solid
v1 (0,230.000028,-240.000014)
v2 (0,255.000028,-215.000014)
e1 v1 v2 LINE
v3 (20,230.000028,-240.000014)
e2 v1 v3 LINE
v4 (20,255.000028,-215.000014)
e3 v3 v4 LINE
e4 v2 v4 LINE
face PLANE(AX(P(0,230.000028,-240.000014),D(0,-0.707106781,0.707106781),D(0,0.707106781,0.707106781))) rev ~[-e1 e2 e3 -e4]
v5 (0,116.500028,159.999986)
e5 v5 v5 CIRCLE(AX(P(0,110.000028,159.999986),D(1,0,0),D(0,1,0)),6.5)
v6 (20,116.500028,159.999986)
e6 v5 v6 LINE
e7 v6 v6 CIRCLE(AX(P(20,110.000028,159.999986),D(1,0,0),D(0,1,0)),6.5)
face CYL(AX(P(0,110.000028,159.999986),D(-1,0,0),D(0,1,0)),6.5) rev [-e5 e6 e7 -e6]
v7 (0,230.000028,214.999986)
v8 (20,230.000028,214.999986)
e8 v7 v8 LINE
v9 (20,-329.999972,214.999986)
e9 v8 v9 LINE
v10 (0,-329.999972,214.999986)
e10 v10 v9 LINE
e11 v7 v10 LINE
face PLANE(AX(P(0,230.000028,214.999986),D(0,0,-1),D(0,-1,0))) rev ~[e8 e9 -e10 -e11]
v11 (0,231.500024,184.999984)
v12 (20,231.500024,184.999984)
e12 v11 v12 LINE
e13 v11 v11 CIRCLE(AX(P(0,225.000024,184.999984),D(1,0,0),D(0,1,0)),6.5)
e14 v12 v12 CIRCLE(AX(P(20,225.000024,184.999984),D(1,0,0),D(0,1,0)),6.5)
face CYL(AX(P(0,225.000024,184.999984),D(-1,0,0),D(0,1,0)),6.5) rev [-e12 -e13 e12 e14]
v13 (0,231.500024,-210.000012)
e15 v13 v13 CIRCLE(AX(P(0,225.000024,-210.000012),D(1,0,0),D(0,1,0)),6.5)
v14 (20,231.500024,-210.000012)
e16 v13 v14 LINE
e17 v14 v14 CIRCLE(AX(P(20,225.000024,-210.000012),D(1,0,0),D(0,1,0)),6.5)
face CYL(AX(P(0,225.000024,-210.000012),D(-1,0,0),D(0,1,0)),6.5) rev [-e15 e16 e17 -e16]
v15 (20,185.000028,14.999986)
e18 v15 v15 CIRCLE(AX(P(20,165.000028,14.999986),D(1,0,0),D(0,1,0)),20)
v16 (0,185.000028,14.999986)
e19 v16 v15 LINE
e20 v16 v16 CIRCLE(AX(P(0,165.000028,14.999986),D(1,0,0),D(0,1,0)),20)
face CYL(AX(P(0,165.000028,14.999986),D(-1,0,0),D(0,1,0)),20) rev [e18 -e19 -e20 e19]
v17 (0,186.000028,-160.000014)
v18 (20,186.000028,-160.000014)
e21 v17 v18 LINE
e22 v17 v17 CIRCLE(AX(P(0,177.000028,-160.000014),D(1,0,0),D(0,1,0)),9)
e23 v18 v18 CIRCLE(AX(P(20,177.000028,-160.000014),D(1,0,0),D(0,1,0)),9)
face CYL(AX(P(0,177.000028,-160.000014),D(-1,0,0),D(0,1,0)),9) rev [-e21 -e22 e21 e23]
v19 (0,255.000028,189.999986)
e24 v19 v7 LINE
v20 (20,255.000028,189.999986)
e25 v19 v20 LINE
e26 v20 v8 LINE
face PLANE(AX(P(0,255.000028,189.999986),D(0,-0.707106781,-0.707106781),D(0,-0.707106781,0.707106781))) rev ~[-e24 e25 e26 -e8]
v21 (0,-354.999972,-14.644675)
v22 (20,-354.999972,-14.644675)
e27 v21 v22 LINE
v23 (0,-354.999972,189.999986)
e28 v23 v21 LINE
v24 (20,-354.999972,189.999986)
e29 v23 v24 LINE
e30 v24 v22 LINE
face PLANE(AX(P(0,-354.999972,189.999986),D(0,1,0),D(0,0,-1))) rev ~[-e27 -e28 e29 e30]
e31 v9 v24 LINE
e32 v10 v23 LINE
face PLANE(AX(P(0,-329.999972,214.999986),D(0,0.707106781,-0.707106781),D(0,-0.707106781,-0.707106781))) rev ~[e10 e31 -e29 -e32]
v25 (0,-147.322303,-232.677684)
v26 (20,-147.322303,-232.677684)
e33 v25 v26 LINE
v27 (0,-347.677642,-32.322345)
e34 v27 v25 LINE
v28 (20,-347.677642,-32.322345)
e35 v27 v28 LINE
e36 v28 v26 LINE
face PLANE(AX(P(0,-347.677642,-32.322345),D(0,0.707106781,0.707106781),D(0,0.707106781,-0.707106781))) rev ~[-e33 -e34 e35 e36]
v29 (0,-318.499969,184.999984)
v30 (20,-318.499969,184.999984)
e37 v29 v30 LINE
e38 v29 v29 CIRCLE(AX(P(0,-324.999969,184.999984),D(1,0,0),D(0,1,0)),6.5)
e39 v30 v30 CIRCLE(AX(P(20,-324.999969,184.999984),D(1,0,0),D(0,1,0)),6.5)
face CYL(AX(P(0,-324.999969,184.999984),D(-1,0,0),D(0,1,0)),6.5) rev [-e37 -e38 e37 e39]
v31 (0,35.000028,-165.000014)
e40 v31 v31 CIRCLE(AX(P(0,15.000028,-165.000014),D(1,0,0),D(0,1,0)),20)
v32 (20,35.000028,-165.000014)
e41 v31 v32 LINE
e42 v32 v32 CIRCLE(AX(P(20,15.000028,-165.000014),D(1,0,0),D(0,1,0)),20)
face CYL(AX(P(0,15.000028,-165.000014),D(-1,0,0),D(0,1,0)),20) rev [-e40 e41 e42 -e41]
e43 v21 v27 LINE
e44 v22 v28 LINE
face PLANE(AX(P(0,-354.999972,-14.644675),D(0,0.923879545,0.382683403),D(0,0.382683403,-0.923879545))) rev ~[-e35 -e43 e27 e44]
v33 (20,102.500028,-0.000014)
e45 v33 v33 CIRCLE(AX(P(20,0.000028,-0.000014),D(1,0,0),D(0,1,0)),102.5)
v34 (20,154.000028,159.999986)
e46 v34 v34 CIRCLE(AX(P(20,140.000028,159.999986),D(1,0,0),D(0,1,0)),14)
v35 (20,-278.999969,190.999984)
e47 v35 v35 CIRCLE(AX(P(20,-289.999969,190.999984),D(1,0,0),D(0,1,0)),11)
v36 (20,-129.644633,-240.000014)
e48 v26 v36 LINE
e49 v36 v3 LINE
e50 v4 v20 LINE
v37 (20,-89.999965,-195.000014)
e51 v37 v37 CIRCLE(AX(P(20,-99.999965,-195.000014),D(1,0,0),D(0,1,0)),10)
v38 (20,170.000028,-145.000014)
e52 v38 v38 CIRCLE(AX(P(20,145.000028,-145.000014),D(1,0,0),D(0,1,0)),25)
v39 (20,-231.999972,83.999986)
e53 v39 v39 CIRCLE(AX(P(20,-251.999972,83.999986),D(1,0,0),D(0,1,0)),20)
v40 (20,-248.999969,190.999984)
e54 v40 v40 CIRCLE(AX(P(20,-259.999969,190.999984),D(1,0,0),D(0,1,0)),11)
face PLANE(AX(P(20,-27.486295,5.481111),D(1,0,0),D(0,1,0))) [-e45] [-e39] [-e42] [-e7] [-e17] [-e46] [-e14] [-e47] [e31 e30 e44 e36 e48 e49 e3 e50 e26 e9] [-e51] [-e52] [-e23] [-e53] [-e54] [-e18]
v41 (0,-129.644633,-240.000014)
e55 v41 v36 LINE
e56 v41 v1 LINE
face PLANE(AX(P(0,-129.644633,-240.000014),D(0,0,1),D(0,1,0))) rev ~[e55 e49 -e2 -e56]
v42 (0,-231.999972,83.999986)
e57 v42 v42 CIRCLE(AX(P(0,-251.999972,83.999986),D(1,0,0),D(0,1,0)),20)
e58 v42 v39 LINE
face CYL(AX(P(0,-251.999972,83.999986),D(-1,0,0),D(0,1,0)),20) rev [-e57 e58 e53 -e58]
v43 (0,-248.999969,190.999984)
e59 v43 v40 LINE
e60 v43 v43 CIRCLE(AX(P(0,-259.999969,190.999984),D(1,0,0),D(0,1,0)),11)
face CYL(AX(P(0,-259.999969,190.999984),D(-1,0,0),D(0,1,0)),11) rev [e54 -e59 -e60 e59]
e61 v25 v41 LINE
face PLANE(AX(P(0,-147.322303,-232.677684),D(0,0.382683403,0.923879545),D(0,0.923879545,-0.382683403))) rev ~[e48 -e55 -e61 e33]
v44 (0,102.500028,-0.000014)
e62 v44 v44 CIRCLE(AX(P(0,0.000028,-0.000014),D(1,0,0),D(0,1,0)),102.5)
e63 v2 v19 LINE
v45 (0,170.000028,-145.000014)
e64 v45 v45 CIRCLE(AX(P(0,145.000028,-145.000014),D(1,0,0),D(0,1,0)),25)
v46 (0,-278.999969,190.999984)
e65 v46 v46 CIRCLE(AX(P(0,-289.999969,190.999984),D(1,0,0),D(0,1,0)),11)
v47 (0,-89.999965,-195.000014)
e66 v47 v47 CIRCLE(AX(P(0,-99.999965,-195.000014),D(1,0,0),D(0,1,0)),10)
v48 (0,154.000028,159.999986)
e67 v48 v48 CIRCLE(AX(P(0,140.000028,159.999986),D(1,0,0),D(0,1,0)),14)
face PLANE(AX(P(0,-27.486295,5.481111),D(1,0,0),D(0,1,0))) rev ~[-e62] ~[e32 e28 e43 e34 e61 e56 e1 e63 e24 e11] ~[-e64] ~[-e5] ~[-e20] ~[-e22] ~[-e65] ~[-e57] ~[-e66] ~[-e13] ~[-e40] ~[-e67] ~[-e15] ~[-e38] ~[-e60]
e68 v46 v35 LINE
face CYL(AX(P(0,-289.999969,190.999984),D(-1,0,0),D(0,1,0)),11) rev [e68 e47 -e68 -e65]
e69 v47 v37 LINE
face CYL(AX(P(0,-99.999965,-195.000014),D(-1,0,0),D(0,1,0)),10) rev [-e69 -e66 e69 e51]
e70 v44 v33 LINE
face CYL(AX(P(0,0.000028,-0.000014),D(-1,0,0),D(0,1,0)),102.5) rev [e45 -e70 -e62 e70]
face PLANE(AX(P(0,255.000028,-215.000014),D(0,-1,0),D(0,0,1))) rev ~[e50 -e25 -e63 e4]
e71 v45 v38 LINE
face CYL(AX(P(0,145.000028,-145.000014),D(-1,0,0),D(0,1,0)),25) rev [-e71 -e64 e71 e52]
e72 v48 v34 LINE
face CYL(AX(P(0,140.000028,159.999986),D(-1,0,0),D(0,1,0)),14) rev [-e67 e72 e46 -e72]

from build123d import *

# Parameters (mm, degrees)
F0_R     = 10
F0_R_2   = 20
F0_R_3   = 6.5
F0_R_4   = 9
F0_R_5   = 25
F0_R_6   = 11
F0_R_7   = 102.5
F0_R_8   = 14
F1_DEPTH = 20


with BuildPart() as f1:
    # F0 (on Right) → F1 (new body)
    with BuildSketch(Plane.YZ):
        Polygon((255.000028, -215.000014), (255.000028, 189.999986), (230.000028, 214.999986), (-329.999972, 214.999986), (-354.999972, 189.999986), (-354.999972, -14.644675), (-347.677642, -32.322345), (-147.322303, -232.677684), (-129.644633, -240.000014), (230.000028, -240.000014), align=None)
        with Locations((-99.999965, -195.000014)):
            Circle(F0_R, mode=Mode.SUBTRACT)
        with Locations((15.000028, -165.000014)):
            Circle(F0_R_2, mode=Mode.SUBTRACT)
        with Locations((225.000024, -210.000012)):
            Circle(F0_R_3, mode=Mode.SUBTRACT)
        with Locations((177.000028, -160.000014)):
            Circle(F0_R_4, mode=Mode.SUBTRACT)
        with Locations((145.000028, -145.000014)):
            Circle(F0_R_5, mode=Mode.SUBTRACT)
        with Locations((-251.999972, 83.999986)):
            Circle(F0_R_2, mode=Mode.SUBTRACT)
        with Locations((-324.999969, 184.999984)):
            Circle(F0_R_3, mode=Mode.SUBTRACT)
        with Locations((-289.999969, 190.999984)):
            Circle(F0_R_6, mode=Mode.SUBTRACT)
        with Locations((-259.999969, 190.999984)):
            Circle(F0_R_6, mode=Mode.SUBTRACT)
        with Locations((2.8e-05, -1.4e-05)):
            Circle(F0_R_7, mode=Mode.SUBTRACT)
        with Locations((165.000028, 14.999986)):
            Circle(F0_R_2, mode=Mode.SUBTRACT)
        with Locations((110.000028, 159.999986)):
            Circle(F0_R_3, mode=Mode.SUBTRACT)
        with Locations((140.000028, 159.999986)):
            Circle(F0_R_8, mode=Mode.SUBTRACT)
        with Locations((225.000024, 184.999984)):
            Circle(F0_R_3, mode=Mode.SUBTRACT)
    extrude(amount=F1_DEPTH)


solid = f1.part
